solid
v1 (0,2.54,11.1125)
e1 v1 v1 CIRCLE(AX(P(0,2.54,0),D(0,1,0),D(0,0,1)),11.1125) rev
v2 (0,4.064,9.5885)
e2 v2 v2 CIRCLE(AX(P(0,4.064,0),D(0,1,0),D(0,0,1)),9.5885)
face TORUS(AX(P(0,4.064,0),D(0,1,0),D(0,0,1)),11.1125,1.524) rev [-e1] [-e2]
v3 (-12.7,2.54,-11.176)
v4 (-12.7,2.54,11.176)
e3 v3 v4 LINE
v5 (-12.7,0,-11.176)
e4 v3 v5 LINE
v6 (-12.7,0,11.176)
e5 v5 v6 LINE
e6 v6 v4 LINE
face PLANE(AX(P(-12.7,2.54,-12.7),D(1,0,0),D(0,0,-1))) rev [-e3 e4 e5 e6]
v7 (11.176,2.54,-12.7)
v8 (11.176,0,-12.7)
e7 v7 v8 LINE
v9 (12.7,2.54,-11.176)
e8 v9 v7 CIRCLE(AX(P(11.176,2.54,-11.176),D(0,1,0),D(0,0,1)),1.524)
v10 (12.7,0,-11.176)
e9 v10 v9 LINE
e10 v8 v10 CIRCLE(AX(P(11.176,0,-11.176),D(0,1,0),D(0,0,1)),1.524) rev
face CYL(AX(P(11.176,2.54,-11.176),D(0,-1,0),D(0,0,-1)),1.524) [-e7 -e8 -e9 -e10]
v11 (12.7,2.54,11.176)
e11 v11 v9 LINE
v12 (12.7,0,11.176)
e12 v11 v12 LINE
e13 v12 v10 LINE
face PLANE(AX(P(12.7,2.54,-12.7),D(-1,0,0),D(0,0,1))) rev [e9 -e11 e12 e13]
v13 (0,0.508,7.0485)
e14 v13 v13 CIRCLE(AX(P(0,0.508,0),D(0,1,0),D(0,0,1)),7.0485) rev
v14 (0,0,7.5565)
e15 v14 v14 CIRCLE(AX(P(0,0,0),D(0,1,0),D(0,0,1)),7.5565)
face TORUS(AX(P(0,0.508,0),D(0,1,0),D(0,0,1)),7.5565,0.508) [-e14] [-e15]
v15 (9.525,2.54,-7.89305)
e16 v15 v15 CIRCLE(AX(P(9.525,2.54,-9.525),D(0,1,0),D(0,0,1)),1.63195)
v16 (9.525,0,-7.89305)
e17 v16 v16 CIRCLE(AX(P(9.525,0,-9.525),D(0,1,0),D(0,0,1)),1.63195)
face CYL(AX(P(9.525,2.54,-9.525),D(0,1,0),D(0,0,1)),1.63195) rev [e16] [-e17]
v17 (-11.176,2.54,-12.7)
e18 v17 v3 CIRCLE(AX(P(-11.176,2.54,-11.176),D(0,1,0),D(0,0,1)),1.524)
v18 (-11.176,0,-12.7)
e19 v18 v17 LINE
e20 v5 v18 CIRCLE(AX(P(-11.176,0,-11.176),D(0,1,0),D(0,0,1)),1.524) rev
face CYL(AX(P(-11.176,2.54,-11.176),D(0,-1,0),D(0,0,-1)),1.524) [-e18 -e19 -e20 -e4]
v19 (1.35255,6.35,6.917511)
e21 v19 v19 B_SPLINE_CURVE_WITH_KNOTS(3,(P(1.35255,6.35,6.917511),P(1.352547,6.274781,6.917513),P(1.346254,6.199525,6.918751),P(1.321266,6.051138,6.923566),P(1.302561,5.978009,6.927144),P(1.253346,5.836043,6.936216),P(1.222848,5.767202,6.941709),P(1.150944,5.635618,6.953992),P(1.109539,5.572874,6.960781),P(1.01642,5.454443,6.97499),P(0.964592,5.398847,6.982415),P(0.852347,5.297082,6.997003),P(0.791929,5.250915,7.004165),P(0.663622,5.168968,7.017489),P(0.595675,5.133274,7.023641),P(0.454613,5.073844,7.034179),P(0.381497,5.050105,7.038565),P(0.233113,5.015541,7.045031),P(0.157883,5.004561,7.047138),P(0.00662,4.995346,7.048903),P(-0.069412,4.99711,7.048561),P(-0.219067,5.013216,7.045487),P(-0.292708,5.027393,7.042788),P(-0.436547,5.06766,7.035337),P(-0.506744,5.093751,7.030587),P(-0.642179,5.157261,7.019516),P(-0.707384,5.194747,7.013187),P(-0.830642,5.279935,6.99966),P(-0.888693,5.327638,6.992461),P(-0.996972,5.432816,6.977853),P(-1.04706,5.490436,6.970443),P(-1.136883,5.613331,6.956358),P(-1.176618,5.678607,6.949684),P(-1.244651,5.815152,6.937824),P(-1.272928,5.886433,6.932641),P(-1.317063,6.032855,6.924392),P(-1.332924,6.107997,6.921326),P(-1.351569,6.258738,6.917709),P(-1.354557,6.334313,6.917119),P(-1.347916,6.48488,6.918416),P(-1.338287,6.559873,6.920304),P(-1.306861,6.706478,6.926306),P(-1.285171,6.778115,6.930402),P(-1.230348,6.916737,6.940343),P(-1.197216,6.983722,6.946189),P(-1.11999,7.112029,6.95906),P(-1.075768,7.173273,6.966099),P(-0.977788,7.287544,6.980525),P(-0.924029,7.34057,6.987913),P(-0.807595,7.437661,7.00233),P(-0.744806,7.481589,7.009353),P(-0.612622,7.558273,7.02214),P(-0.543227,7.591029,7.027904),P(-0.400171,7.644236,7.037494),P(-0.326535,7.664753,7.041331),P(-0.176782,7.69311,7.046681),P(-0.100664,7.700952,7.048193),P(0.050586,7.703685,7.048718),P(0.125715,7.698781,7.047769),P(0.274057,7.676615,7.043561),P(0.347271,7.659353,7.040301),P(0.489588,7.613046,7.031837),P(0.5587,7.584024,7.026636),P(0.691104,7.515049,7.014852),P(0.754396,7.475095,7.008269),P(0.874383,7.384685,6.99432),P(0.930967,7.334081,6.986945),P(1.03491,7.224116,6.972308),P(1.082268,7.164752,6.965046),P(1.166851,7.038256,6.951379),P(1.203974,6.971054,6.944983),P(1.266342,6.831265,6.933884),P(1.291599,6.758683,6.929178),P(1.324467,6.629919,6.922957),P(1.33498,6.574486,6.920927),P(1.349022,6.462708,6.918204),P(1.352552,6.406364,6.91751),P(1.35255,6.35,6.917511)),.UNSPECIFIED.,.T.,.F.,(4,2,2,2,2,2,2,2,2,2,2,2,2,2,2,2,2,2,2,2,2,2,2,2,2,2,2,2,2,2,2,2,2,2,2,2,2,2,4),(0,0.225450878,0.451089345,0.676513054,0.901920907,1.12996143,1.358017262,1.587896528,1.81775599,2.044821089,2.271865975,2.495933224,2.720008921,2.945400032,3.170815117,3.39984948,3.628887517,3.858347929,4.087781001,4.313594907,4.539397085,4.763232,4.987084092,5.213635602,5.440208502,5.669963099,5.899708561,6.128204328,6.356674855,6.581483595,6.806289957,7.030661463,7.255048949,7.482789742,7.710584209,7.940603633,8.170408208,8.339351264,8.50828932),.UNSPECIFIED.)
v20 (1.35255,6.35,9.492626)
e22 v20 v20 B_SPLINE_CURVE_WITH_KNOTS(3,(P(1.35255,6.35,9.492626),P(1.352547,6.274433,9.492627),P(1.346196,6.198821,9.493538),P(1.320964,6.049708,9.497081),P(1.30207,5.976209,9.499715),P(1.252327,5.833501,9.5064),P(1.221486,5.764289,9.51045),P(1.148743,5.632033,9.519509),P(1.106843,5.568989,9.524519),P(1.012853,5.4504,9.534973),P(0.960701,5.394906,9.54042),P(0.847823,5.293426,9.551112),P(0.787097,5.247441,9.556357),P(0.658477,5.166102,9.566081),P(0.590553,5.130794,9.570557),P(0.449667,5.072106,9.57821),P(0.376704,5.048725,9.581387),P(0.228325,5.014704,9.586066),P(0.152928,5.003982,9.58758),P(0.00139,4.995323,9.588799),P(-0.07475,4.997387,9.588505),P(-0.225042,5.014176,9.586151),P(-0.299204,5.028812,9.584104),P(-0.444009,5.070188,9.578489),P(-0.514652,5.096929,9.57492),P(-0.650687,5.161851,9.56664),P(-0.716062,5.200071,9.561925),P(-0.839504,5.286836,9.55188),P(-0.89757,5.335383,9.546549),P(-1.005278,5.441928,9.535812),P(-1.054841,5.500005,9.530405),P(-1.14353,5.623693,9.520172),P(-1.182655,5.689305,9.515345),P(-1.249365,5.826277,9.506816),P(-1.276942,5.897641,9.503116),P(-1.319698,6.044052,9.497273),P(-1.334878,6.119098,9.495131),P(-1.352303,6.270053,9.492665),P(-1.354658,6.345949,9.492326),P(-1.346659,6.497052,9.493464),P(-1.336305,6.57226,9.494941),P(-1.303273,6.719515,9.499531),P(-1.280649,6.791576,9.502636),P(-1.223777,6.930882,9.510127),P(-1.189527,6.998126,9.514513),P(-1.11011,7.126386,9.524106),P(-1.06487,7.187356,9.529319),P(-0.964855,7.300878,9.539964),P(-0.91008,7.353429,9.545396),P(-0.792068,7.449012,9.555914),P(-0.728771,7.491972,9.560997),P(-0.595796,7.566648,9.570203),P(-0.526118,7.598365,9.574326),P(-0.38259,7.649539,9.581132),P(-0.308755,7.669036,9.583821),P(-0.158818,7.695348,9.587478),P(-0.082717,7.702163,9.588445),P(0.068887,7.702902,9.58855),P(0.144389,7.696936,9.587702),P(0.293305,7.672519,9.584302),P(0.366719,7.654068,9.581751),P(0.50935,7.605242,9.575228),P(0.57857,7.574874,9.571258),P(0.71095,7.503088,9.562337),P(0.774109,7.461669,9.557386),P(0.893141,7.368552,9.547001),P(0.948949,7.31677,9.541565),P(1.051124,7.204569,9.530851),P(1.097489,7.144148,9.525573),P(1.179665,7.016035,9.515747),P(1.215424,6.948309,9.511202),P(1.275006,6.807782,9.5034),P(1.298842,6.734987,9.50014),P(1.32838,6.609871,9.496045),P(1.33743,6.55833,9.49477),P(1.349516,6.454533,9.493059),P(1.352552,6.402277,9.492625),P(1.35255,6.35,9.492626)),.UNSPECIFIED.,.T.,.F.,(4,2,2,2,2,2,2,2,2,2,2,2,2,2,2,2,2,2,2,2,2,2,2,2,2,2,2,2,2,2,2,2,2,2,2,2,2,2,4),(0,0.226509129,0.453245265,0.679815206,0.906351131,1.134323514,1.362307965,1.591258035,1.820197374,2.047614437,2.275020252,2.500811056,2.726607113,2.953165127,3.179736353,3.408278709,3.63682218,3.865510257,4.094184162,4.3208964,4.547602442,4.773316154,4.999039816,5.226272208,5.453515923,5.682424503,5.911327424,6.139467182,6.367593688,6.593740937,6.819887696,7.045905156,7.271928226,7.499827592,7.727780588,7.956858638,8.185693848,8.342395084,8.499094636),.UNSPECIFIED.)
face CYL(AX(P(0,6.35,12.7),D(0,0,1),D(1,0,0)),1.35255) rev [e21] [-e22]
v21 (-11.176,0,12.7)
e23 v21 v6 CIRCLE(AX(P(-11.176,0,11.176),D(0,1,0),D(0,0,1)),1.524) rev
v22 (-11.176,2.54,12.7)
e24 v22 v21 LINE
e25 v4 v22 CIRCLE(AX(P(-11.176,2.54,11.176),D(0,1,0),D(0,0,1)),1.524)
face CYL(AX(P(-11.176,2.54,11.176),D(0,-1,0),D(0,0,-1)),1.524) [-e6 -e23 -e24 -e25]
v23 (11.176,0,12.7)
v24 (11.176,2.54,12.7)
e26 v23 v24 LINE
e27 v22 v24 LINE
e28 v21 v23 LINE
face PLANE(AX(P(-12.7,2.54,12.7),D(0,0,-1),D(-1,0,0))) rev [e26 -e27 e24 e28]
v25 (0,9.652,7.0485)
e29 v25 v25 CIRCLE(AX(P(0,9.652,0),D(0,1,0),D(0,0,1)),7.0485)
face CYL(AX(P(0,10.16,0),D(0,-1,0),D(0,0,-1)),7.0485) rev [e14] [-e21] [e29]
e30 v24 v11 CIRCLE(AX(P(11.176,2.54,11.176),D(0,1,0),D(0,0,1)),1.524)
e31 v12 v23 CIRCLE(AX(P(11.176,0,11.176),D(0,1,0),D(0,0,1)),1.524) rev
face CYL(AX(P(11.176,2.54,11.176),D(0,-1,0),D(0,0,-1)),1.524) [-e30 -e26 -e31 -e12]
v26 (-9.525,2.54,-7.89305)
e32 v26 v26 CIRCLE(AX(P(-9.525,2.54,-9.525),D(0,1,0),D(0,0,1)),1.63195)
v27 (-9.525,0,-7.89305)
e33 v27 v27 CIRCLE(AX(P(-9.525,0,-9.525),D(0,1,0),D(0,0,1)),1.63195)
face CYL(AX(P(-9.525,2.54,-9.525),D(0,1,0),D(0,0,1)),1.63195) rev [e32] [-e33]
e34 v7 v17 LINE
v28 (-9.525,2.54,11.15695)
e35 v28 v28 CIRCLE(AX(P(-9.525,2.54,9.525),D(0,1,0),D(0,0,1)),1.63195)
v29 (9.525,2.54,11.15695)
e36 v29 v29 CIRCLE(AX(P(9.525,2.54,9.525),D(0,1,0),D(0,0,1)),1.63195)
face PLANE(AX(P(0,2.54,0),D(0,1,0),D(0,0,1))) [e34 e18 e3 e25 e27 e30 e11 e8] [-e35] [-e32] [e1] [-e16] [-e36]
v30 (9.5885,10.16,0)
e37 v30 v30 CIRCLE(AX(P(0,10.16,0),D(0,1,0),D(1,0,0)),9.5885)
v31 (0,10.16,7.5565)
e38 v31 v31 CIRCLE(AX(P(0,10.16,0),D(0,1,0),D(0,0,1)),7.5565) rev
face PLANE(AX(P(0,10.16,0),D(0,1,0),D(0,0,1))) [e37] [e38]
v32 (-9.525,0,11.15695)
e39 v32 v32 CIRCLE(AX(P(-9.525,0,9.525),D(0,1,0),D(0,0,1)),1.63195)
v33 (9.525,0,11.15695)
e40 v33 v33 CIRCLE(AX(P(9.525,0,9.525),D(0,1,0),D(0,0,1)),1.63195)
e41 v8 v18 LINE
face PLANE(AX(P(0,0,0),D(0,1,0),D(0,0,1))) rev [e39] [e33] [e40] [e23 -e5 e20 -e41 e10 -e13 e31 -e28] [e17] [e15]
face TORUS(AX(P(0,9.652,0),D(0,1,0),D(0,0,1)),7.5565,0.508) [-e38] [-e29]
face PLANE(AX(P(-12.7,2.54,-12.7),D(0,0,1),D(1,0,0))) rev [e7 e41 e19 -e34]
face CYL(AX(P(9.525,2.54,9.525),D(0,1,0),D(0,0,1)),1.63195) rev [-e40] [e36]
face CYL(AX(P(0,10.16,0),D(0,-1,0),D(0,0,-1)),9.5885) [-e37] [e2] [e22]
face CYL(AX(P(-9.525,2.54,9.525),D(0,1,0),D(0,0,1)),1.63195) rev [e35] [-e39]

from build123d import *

# Parameters (mm, degrees)
SKETCH1_W                     = 25.4
SKETCH1_H                     = 25.4
BOSS_EXTRUDE1_DEPTH           = 2.54
SKETCH2_R                     = 9.5885
SKETCH2_R_2                   = 7.0485
EXTRUDE_THIN1_DEPTH           = 7.62
TAP_DRILL_FOR_6_32_TAP1_D     = 2.7051
TAP_DRILL_FOR_6_32_TAP1_DEPTH = 12.7
TAP_DRILL_FOR_6_32_TAP1_TIP   = 0.81269403
FILLET1_R                     = 1.524
FILLET2_R                     = 1.524
CUT_EXTRUDE1_START            = -7.62
SKETCH2_2_R                   = 7.0485
CUT_EXTRUDE1_DEPTH            = 7.62
FILLET3_R                     = 0.508
F_4_CLEARANCE_HOLE4_D         = 3.2639
F_4_CLEARANCE_HOLE4_DEPTH     = 2.54
F_4_CLEARANCE_HOLE4_TIP       = 0.980574487


with BuildPart() as part:
    # Sketch1 → Boss-Extrude1 (new body)
    with BuildSketch(Plane(origin=(0, 0, 0), x_dir=(1, 0, 0), z_dir=(0, 1, 0))):
        Rectangle(SKETCH1_W, SKETCH1_H)
    extrude(amount=BOSS_EXTRUDE1_DEPTH)

    # Sketch2 → Extrude-Thin1 (add)
    with BuildSketch(Plane(origin=(0, 2.54, 0), x_dir=(1, 0, 0), z_dir=(0, 1, 0))):
        Circle(SKETCH2_R)
        Circle(SKETCH2_R_2, mode=Mode.SUBTRACT)
    extrude(amount=EXTRUDE_THIN1_DEPTH)

    # Tap Drill for #6-32 Tap1
    with Locations(Plane.XY.offset(12.7)):
        with Locations((0, 6.35)):
            Hole(TAP_DRILL_FOR_6_32_TAP1_D / 2, depth=TAP_DRILL_FOR_6_32_TAP1_DEPTH)
            with Locations((0, 0, -(TAP_DRILL_FOR_6_32_TAP1_DEPTH + TAP_DRILL_FOR_6_32_TAP1_TIP / 2))):  # 118° drill point
                Cone(0, TAP_DRILL_FOR_6_32_TAP1_D / 2, TAP_DRILL_FOR_6_32_TAP1_TIP, mode=Mode.SUBTRACT)

    # Fillet1
    fillet1_edges = [part.edges().sort_by_distance(p)[0] for p in [
        (-9.5885, 2.54, 0),
    ]]
    fillet(fillet1_edges, radius=FILLET1_R)

    # Fillet2
    fillet2_edges = [part.edges().sort_by_distance(p)[0] for p in [
        (-12.7, 1.27, -12.7),
        (12.7, 1.27, -12.7),
        (-12.7, 1.27, 12.7),
        (12.7, 1.27, 12.7),
    ]]
    fillet(fillet2_edges, radius=FILLET2_R)

    # Sketch2<2> → Cut-Extrude1 (cut)
    with BuildSketch(Plane(origin=(0, 2.54, 0), x_dir=(1, 0, 0), z_dir=(0, 1, 0)).offset(CUT_EXTRUDE1_START)):
        Circle(SKETCH2_2_R)
    extrude(amount=CUT_EXTRUDE1_DEPTH, mode=Mode.SUBTRACT)

    # Fillet3
    fillet3_edges = [part.edges().sort_by_distance(p)[0] for p in [
        (-7.0485, 0, 0),
        (-7.0485, 10.16, 0),
    ]]
    fillet(fillet3_edges, radius=FILLET3_R)

    # #4 Clearance Hole4
    with Locations(Plane(origin=(0, 2.54, 0), x_dir=(1, 0, 0), z_dir=(0, 1, 0))):
        with Locations((9.525, 9.525), (9.525, -9.525), (-9.525, -9.525), (-9.525, 9.525)):
            Hole(F_4_CLEARANCE_HOLE4_D / 2, depth=F_4_CLEARANCE_HOLE4_DEPTH)
            with Locations((0, 0, -(F_4_CLEARANCE_HOLE4_DEPTH + F_4_CLEARANCE_HOLE4_TIP / 2))):  # 118° drill point
                Cone(0, F_4_CLEARANCE_HOLE4_D / 2, F_4_CLEARANCE_HOLE4_TIP, mode=Mode.SUBTRACT)


solid = part.part
